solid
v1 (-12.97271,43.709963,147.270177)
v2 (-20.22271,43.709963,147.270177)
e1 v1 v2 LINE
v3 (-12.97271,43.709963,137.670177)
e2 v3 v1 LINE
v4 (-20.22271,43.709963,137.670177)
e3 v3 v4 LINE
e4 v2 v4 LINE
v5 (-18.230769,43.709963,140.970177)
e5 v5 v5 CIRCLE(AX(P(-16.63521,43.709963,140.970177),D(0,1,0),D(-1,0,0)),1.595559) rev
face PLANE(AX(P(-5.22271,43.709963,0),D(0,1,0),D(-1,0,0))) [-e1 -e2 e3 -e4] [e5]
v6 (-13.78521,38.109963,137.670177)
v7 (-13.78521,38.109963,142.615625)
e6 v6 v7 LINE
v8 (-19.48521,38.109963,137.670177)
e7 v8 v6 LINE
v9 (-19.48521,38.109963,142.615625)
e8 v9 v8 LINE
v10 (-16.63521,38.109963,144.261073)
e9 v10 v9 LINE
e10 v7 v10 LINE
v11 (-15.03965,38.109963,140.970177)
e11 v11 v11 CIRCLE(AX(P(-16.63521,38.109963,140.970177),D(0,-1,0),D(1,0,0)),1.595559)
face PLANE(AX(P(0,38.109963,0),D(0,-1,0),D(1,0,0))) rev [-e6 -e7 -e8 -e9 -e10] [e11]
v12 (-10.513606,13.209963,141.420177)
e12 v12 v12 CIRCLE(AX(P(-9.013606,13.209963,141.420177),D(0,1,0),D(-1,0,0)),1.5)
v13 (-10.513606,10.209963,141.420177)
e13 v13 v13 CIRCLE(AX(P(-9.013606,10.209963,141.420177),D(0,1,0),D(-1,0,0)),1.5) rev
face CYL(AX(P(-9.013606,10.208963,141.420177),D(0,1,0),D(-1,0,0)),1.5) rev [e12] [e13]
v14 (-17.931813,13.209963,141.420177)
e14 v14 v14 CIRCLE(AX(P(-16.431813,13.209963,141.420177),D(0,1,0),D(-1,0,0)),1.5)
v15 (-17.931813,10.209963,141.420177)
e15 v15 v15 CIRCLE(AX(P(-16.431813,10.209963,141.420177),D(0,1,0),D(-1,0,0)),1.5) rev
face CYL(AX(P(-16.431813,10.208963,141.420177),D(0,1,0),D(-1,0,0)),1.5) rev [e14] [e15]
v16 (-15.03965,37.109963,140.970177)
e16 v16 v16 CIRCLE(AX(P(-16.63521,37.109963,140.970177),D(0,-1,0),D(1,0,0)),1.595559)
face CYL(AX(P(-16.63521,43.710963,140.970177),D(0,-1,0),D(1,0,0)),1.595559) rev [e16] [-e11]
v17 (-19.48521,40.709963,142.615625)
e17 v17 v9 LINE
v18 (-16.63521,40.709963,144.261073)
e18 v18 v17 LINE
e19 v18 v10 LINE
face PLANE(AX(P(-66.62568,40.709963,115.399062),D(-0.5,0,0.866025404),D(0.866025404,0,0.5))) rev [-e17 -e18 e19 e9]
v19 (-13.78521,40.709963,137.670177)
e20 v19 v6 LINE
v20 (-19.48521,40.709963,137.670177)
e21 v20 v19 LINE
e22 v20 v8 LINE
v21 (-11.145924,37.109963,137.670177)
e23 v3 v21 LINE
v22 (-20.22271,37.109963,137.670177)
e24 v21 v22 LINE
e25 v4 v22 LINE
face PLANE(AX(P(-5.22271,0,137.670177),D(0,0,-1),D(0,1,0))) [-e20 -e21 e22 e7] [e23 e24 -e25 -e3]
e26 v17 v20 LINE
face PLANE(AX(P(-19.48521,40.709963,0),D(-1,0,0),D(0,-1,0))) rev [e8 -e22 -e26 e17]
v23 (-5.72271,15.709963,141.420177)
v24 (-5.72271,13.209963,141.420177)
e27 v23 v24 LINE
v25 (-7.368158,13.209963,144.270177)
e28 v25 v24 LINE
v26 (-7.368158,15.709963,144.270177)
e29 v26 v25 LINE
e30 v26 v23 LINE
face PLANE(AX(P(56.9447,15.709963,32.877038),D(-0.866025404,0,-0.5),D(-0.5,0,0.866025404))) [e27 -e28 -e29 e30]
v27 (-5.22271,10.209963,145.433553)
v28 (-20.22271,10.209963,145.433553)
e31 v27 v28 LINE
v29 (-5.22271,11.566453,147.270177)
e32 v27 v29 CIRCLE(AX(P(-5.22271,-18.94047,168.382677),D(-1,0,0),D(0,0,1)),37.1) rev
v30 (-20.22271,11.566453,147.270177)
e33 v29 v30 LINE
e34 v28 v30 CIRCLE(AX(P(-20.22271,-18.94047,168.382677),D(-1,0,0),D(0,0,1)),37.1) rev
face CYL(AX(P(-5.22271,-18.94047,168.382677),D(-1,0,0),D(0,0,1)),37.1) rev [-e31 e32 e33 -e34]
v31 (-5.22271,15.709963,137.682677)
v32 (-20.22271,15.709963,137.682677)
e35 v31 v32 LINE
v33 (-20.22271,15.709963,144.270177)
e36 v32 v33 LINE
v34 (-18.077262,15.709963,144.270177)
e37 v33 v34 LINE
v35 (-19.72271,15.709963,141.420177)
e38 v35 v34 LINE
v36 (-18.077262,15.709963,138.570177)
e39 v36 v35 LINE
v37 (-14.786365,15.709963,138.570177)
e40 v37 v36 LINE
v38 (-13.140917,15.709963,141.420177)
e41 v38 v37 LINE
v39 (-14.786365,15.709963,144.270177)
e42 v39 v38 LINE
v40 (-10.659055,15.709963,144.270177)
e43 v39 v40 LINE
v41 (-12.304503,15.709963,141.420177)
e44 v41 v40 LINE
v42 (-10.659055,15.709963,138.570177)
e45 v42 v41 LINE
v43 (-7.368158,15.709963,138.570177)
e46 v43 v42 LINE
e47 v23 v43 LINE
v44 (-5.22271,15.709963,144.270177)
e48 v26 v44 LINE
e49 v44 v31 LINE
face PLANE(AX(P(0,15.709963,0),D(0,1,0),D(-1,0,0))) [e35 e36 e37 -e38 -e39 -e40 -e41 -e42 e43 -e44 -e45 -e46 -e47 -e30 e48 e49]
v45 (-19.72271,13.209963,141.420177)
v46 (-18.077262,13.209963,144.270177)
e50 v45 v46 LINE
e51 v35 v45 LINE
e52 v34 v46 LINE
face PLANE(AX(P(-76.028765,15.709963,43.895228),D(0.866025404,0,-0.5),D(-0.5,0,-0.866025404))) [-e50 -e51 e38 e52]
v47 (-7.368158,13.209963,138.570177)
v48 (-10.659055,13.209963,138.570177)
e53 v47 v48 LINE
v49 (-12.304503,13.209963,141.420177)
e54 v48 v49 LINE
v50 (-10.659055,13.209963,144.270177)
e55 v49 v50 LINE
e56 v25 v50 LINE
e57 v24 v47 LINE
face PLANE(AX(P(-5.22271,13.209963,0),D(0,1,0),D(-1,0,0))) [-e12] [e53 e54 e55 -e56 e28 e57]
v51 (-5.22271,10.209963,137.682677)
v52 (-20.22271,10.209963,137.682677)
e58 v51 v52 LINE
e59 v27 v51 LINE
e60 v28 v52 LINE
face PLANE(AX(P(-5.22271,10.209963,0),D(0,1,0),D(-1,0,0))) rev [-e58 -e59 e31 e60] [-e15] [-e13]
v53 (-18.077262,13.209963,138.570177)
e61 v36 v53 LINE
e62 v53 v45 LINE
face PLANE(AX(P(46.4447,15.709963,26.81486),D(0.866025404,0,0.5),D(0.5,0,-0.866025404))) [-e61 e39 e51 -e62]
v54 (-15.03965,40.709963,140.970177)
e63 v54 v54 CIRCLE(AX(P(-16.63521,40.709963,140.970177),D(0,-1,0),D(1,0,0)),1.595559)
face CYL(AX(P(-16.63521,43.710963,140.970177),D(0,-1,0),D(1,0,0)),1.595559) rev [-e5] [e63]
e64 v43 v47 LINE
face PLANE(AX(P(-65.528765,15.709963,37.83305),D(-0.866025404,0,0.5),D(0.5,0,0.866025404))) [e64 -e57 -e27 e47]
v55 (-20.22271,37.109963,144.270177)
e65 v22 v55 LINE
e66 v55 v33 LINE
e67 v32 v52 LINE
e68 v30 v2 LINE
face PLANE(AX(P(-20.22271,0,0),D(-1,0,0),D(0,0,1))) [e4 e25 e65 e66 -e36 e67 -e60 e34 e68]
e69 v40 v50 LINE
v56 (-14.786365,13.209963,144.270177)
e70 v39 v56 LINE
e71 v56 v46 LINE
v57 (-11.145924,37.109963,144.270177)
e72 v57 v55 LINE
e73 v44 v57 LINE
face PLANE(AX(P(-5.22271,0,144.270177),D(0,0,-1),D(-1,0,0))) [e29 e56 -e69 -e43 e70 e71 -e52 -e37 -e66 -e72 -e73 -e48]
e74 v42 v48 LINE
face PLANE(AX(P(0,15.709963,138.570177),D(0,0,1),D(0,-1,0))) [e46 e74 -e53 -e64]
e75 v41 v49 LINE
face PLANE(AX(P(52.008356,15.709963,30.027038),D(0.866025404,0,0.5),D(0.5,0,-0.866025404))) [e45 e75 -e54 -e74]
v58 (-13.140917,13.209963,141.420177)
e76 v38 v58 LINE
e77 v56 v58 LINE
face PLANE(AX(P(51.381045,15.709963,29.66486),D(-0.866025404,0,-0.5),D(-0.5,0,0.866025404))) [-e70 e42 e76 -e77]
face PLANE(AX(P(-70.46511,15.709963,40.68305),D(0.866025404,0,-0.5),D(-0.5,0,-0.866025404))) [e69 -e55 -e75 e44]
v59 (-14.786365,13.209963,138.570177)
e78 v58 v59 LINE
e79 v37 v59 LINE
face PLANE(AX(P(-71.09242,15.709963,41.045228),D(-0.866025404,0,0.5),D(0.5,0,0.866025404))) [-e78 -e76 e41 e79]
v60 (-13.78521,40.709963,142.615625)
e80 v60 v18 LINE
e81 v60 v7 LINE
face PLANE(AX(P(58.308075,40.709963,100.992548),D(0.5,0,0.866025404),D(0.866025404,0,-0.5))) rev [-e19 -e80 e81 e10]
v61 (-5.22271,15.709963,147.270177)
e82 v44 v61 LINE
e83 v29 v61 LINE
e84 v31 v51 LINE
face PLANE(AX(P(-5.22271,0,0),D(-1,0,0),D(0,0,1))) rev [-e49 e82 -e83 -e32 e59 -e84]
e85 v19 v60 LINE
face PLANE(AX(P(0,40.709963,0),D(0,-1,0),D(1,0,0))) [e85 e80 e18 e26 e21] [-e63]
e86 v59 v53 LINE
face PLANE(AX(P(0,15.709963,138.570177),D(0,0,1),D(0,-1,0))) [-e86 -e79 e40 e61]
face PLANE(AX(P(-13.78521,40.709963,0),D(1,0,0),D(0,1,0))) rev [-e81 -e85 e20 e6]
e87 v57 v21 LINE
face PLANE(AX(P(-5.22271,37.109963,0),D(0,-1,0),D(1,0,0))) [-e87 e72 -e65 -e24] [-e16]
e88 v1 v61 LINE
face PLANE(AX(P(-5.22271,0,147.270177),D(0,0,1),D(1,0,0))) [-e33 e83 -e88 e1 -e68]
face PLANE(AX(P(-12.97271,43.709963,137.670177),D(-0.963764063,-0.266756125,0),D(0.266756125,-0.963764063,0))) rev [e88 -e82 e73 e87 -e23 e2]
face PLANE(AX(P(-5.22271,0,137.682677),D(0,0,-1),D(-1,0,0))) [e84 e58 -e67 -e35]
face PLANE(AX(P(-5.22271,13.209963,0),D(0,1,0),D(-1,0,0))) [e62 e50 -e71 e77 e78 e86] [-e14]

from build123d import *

# Parameters (mm, degrees)
BOSS_EXTRUDE1_DEPTH  = 15
CUT_EXTRUDE2_REACH   = 8.6
SKETCH3_R            = 1.595559434
CUT_EXTRUDE5_START   = -3.6
SKETCH3_6_R          = 1.595559434
CUT_EXTRUDE5_DEPTH   = 2.6
CUT_EXTRUDE3_REACH   = 5
SKETCH4_R            = 1.5
BOSS_EXTRUDE10_DEPTH = 2.5
CUT_EXTRUDE1_DEPTH   = 10.6


with BuildPart() as part:
    # Sketch1 → Boss-Extrude1 (new body)
    with BuildSketch(Plane.ZY.offset(20.222709888)):
        with BuildLine():
            Line((144.27017666, 37.109962519), (144.27017666, 13.209962519))
            Line((144.27017666, 13.209962519), (137.68267666, 13.209962519))
            Line((137.68267666, 13.209962519), (137.68267666, 10.209962519))
            Line((137.68267666, 10.209962519), (145.433552955, 10.209962519))
            ThreePointArc((145.433552955, 10.209962519), (146.341426982, 10.902339978), (147.27017666, 11.566452794))
            Line((147.27017666, 11.566452794), (147.27017666, 43.709962519))
            Line((147.27017666, 43.709962519), (137.67017666, 43.709962519))
            Line((137.67017666, 43.709962519), (137.67017666, 37.109962519))
            Line((137.67017666, 37.109962519), (144.27017666, 37.109962519))
        make_face()
    extrude(amount=-BOSS_EXTRUDE1_DEPTH)

    # Sketch3 → Cut-Extrude2 (cut, up to next)
    with BuildSketch(Plane.XZ.offset(-37.109962519), mode=Mode.PRIVATE) as cut_extrude2_sk1:
        with Locations((-16.635209888, 140.97017666)):
            Circle(SKETCH3_R)
    cut_extrude2_tool1 = extrude(cut_extrude2_sk1.sketch, amount=-CUT_EXTRUDE2_REACH, mode=Mode.PRIVATE) & part.part
    add(cut_extrude2_tool1.solids().sort_by_distance((-16.63521, 37.109963, 140.970177))[0], mode=Mode.SUBTRACT)

    # Sketch3<6> → Cut-Extrude5 (cut)
    with BuildSketch(Plane.XZ.offset(-37.109962519).offset(CUT_EXTRUDE5_START)):
        Polygon((-19.485209888, 139.324728393), (-16.635209888, 137.679280126), (-13.785209888, 139.324728393), (-13.785209888, 142.615624927), (-16.635209888, 144.261073195), (-19.485209888, 142.615624927), align=None)
        with Locations((-16.635209888, 140.97017666)):
            Circle(SKETCH3_6_R, mode=Mode.SUBTRACT)
        Polygon((-13.785209888, 139.324728393), (-16.635209888, 137.679280126), (-19.485209888, 139.324728393), (-19.485209888, 137.67017666), (-13.785209888, 137.67017666), align=None)
        with Locations((-16.635209888, 140.97017666)):
            Circle(SKETCH3_6_R)
    extrude(amount=CUT_EXTRUDE5_DEPTH, mode=Mode.SUBTRACT)

    # Sketch4 → Cut-Extrude3 (cut, up to next)
    with BuildSketch(Plane(origin=(0, 13.209962519, 0), x_dir=(1, 0, 0), z_dir=(0, 1, 0)), mode=Mode.PRIVATE) as cut_extrude3_sk1:
        with Locations((-16.431813353, -141.42017666)):
            Circle(SKETCH4_R)
    cut_extrude3_tool1 = extrude(cut_extrude3_sk1.sketch, amount=-CUT_EXTRUDE3_REACH, mode=Mode.PRIVATE) & part.part
    add(cut_extrude3_tool1.solids().sort_by_distance((-16.431813, 13.209963, 141.420177))[0], mode=Mode.SUBTRACT)
    # Sketch4 → Cut-Extrude3 (cut, up to next)
    with BuildSketch(Plane(origin=(0, 13.209962519, 0), x_dir=(1, 0, 0), z_dir=(0, 1, 0)), mode=Mode.PRIVATE) as cut_extrude3_sk2:
        with Locations((-9.013606422, -141.42017666)):
            Circle(SKETCH4_R)
    cut_extrude3_tool2 = extrude(cut_extrude3_sk2.sketch, amount=-CUT_EXTRUDE3_REACH, mode=Mode.PRIVATE) & part.part
    add(cut_extrude3_tool2.solids().sort_by_distance((-9.013606, 13.209963, 141.420177))[0], mode=Mode.SUBTRACT)

    # Sketch11 → Boss-Extrude10 (add)
    with BuildSketch(Plane(origin=(0, 13.209962519, 0), x_dir=(1, 0, 0), z_dir=(0, 1, 0))):
        Polygon((-18.077261621, -144.27017666), (-19.722709888, -141.42017666), (-18.077261621, -138.57017666), (-14.786365086, -138.57017666), (-13.140916819, -141.42017666), (-14.786365086, -144.27017666), (-10.659054689, -144.27017666), (-12.304502957, -141.42017666), (-10.659054689, -138.57017666), (-7.368158155, -138.57017666), (-5.722709888, -141.42017666), (-7.368158155, -144.27017666), (-5.222709888, -144.27017666), (-5.222709888, -137.68267666), (-20.222709888, -137.68267666), (-20.222709888, -144.27017666), align=None)
    extrude(amount=BOSS_EXTRUDE10_DEPTH)

    # Sketch2 → Cut-Extrude1 (cut, through all)
    with BuildSketch(Plane.XY.offset(147.27017666)):
        Polygon((-12.972709888, 43.709962519), (-5.222709888, 15.709962519), (-5.222709888, 43.709962519), align=None)
    extrude(amount=-CUT_EXTRUDE1_DEPTH, mode=Mode.SUBTRACT)


solid = part.part
